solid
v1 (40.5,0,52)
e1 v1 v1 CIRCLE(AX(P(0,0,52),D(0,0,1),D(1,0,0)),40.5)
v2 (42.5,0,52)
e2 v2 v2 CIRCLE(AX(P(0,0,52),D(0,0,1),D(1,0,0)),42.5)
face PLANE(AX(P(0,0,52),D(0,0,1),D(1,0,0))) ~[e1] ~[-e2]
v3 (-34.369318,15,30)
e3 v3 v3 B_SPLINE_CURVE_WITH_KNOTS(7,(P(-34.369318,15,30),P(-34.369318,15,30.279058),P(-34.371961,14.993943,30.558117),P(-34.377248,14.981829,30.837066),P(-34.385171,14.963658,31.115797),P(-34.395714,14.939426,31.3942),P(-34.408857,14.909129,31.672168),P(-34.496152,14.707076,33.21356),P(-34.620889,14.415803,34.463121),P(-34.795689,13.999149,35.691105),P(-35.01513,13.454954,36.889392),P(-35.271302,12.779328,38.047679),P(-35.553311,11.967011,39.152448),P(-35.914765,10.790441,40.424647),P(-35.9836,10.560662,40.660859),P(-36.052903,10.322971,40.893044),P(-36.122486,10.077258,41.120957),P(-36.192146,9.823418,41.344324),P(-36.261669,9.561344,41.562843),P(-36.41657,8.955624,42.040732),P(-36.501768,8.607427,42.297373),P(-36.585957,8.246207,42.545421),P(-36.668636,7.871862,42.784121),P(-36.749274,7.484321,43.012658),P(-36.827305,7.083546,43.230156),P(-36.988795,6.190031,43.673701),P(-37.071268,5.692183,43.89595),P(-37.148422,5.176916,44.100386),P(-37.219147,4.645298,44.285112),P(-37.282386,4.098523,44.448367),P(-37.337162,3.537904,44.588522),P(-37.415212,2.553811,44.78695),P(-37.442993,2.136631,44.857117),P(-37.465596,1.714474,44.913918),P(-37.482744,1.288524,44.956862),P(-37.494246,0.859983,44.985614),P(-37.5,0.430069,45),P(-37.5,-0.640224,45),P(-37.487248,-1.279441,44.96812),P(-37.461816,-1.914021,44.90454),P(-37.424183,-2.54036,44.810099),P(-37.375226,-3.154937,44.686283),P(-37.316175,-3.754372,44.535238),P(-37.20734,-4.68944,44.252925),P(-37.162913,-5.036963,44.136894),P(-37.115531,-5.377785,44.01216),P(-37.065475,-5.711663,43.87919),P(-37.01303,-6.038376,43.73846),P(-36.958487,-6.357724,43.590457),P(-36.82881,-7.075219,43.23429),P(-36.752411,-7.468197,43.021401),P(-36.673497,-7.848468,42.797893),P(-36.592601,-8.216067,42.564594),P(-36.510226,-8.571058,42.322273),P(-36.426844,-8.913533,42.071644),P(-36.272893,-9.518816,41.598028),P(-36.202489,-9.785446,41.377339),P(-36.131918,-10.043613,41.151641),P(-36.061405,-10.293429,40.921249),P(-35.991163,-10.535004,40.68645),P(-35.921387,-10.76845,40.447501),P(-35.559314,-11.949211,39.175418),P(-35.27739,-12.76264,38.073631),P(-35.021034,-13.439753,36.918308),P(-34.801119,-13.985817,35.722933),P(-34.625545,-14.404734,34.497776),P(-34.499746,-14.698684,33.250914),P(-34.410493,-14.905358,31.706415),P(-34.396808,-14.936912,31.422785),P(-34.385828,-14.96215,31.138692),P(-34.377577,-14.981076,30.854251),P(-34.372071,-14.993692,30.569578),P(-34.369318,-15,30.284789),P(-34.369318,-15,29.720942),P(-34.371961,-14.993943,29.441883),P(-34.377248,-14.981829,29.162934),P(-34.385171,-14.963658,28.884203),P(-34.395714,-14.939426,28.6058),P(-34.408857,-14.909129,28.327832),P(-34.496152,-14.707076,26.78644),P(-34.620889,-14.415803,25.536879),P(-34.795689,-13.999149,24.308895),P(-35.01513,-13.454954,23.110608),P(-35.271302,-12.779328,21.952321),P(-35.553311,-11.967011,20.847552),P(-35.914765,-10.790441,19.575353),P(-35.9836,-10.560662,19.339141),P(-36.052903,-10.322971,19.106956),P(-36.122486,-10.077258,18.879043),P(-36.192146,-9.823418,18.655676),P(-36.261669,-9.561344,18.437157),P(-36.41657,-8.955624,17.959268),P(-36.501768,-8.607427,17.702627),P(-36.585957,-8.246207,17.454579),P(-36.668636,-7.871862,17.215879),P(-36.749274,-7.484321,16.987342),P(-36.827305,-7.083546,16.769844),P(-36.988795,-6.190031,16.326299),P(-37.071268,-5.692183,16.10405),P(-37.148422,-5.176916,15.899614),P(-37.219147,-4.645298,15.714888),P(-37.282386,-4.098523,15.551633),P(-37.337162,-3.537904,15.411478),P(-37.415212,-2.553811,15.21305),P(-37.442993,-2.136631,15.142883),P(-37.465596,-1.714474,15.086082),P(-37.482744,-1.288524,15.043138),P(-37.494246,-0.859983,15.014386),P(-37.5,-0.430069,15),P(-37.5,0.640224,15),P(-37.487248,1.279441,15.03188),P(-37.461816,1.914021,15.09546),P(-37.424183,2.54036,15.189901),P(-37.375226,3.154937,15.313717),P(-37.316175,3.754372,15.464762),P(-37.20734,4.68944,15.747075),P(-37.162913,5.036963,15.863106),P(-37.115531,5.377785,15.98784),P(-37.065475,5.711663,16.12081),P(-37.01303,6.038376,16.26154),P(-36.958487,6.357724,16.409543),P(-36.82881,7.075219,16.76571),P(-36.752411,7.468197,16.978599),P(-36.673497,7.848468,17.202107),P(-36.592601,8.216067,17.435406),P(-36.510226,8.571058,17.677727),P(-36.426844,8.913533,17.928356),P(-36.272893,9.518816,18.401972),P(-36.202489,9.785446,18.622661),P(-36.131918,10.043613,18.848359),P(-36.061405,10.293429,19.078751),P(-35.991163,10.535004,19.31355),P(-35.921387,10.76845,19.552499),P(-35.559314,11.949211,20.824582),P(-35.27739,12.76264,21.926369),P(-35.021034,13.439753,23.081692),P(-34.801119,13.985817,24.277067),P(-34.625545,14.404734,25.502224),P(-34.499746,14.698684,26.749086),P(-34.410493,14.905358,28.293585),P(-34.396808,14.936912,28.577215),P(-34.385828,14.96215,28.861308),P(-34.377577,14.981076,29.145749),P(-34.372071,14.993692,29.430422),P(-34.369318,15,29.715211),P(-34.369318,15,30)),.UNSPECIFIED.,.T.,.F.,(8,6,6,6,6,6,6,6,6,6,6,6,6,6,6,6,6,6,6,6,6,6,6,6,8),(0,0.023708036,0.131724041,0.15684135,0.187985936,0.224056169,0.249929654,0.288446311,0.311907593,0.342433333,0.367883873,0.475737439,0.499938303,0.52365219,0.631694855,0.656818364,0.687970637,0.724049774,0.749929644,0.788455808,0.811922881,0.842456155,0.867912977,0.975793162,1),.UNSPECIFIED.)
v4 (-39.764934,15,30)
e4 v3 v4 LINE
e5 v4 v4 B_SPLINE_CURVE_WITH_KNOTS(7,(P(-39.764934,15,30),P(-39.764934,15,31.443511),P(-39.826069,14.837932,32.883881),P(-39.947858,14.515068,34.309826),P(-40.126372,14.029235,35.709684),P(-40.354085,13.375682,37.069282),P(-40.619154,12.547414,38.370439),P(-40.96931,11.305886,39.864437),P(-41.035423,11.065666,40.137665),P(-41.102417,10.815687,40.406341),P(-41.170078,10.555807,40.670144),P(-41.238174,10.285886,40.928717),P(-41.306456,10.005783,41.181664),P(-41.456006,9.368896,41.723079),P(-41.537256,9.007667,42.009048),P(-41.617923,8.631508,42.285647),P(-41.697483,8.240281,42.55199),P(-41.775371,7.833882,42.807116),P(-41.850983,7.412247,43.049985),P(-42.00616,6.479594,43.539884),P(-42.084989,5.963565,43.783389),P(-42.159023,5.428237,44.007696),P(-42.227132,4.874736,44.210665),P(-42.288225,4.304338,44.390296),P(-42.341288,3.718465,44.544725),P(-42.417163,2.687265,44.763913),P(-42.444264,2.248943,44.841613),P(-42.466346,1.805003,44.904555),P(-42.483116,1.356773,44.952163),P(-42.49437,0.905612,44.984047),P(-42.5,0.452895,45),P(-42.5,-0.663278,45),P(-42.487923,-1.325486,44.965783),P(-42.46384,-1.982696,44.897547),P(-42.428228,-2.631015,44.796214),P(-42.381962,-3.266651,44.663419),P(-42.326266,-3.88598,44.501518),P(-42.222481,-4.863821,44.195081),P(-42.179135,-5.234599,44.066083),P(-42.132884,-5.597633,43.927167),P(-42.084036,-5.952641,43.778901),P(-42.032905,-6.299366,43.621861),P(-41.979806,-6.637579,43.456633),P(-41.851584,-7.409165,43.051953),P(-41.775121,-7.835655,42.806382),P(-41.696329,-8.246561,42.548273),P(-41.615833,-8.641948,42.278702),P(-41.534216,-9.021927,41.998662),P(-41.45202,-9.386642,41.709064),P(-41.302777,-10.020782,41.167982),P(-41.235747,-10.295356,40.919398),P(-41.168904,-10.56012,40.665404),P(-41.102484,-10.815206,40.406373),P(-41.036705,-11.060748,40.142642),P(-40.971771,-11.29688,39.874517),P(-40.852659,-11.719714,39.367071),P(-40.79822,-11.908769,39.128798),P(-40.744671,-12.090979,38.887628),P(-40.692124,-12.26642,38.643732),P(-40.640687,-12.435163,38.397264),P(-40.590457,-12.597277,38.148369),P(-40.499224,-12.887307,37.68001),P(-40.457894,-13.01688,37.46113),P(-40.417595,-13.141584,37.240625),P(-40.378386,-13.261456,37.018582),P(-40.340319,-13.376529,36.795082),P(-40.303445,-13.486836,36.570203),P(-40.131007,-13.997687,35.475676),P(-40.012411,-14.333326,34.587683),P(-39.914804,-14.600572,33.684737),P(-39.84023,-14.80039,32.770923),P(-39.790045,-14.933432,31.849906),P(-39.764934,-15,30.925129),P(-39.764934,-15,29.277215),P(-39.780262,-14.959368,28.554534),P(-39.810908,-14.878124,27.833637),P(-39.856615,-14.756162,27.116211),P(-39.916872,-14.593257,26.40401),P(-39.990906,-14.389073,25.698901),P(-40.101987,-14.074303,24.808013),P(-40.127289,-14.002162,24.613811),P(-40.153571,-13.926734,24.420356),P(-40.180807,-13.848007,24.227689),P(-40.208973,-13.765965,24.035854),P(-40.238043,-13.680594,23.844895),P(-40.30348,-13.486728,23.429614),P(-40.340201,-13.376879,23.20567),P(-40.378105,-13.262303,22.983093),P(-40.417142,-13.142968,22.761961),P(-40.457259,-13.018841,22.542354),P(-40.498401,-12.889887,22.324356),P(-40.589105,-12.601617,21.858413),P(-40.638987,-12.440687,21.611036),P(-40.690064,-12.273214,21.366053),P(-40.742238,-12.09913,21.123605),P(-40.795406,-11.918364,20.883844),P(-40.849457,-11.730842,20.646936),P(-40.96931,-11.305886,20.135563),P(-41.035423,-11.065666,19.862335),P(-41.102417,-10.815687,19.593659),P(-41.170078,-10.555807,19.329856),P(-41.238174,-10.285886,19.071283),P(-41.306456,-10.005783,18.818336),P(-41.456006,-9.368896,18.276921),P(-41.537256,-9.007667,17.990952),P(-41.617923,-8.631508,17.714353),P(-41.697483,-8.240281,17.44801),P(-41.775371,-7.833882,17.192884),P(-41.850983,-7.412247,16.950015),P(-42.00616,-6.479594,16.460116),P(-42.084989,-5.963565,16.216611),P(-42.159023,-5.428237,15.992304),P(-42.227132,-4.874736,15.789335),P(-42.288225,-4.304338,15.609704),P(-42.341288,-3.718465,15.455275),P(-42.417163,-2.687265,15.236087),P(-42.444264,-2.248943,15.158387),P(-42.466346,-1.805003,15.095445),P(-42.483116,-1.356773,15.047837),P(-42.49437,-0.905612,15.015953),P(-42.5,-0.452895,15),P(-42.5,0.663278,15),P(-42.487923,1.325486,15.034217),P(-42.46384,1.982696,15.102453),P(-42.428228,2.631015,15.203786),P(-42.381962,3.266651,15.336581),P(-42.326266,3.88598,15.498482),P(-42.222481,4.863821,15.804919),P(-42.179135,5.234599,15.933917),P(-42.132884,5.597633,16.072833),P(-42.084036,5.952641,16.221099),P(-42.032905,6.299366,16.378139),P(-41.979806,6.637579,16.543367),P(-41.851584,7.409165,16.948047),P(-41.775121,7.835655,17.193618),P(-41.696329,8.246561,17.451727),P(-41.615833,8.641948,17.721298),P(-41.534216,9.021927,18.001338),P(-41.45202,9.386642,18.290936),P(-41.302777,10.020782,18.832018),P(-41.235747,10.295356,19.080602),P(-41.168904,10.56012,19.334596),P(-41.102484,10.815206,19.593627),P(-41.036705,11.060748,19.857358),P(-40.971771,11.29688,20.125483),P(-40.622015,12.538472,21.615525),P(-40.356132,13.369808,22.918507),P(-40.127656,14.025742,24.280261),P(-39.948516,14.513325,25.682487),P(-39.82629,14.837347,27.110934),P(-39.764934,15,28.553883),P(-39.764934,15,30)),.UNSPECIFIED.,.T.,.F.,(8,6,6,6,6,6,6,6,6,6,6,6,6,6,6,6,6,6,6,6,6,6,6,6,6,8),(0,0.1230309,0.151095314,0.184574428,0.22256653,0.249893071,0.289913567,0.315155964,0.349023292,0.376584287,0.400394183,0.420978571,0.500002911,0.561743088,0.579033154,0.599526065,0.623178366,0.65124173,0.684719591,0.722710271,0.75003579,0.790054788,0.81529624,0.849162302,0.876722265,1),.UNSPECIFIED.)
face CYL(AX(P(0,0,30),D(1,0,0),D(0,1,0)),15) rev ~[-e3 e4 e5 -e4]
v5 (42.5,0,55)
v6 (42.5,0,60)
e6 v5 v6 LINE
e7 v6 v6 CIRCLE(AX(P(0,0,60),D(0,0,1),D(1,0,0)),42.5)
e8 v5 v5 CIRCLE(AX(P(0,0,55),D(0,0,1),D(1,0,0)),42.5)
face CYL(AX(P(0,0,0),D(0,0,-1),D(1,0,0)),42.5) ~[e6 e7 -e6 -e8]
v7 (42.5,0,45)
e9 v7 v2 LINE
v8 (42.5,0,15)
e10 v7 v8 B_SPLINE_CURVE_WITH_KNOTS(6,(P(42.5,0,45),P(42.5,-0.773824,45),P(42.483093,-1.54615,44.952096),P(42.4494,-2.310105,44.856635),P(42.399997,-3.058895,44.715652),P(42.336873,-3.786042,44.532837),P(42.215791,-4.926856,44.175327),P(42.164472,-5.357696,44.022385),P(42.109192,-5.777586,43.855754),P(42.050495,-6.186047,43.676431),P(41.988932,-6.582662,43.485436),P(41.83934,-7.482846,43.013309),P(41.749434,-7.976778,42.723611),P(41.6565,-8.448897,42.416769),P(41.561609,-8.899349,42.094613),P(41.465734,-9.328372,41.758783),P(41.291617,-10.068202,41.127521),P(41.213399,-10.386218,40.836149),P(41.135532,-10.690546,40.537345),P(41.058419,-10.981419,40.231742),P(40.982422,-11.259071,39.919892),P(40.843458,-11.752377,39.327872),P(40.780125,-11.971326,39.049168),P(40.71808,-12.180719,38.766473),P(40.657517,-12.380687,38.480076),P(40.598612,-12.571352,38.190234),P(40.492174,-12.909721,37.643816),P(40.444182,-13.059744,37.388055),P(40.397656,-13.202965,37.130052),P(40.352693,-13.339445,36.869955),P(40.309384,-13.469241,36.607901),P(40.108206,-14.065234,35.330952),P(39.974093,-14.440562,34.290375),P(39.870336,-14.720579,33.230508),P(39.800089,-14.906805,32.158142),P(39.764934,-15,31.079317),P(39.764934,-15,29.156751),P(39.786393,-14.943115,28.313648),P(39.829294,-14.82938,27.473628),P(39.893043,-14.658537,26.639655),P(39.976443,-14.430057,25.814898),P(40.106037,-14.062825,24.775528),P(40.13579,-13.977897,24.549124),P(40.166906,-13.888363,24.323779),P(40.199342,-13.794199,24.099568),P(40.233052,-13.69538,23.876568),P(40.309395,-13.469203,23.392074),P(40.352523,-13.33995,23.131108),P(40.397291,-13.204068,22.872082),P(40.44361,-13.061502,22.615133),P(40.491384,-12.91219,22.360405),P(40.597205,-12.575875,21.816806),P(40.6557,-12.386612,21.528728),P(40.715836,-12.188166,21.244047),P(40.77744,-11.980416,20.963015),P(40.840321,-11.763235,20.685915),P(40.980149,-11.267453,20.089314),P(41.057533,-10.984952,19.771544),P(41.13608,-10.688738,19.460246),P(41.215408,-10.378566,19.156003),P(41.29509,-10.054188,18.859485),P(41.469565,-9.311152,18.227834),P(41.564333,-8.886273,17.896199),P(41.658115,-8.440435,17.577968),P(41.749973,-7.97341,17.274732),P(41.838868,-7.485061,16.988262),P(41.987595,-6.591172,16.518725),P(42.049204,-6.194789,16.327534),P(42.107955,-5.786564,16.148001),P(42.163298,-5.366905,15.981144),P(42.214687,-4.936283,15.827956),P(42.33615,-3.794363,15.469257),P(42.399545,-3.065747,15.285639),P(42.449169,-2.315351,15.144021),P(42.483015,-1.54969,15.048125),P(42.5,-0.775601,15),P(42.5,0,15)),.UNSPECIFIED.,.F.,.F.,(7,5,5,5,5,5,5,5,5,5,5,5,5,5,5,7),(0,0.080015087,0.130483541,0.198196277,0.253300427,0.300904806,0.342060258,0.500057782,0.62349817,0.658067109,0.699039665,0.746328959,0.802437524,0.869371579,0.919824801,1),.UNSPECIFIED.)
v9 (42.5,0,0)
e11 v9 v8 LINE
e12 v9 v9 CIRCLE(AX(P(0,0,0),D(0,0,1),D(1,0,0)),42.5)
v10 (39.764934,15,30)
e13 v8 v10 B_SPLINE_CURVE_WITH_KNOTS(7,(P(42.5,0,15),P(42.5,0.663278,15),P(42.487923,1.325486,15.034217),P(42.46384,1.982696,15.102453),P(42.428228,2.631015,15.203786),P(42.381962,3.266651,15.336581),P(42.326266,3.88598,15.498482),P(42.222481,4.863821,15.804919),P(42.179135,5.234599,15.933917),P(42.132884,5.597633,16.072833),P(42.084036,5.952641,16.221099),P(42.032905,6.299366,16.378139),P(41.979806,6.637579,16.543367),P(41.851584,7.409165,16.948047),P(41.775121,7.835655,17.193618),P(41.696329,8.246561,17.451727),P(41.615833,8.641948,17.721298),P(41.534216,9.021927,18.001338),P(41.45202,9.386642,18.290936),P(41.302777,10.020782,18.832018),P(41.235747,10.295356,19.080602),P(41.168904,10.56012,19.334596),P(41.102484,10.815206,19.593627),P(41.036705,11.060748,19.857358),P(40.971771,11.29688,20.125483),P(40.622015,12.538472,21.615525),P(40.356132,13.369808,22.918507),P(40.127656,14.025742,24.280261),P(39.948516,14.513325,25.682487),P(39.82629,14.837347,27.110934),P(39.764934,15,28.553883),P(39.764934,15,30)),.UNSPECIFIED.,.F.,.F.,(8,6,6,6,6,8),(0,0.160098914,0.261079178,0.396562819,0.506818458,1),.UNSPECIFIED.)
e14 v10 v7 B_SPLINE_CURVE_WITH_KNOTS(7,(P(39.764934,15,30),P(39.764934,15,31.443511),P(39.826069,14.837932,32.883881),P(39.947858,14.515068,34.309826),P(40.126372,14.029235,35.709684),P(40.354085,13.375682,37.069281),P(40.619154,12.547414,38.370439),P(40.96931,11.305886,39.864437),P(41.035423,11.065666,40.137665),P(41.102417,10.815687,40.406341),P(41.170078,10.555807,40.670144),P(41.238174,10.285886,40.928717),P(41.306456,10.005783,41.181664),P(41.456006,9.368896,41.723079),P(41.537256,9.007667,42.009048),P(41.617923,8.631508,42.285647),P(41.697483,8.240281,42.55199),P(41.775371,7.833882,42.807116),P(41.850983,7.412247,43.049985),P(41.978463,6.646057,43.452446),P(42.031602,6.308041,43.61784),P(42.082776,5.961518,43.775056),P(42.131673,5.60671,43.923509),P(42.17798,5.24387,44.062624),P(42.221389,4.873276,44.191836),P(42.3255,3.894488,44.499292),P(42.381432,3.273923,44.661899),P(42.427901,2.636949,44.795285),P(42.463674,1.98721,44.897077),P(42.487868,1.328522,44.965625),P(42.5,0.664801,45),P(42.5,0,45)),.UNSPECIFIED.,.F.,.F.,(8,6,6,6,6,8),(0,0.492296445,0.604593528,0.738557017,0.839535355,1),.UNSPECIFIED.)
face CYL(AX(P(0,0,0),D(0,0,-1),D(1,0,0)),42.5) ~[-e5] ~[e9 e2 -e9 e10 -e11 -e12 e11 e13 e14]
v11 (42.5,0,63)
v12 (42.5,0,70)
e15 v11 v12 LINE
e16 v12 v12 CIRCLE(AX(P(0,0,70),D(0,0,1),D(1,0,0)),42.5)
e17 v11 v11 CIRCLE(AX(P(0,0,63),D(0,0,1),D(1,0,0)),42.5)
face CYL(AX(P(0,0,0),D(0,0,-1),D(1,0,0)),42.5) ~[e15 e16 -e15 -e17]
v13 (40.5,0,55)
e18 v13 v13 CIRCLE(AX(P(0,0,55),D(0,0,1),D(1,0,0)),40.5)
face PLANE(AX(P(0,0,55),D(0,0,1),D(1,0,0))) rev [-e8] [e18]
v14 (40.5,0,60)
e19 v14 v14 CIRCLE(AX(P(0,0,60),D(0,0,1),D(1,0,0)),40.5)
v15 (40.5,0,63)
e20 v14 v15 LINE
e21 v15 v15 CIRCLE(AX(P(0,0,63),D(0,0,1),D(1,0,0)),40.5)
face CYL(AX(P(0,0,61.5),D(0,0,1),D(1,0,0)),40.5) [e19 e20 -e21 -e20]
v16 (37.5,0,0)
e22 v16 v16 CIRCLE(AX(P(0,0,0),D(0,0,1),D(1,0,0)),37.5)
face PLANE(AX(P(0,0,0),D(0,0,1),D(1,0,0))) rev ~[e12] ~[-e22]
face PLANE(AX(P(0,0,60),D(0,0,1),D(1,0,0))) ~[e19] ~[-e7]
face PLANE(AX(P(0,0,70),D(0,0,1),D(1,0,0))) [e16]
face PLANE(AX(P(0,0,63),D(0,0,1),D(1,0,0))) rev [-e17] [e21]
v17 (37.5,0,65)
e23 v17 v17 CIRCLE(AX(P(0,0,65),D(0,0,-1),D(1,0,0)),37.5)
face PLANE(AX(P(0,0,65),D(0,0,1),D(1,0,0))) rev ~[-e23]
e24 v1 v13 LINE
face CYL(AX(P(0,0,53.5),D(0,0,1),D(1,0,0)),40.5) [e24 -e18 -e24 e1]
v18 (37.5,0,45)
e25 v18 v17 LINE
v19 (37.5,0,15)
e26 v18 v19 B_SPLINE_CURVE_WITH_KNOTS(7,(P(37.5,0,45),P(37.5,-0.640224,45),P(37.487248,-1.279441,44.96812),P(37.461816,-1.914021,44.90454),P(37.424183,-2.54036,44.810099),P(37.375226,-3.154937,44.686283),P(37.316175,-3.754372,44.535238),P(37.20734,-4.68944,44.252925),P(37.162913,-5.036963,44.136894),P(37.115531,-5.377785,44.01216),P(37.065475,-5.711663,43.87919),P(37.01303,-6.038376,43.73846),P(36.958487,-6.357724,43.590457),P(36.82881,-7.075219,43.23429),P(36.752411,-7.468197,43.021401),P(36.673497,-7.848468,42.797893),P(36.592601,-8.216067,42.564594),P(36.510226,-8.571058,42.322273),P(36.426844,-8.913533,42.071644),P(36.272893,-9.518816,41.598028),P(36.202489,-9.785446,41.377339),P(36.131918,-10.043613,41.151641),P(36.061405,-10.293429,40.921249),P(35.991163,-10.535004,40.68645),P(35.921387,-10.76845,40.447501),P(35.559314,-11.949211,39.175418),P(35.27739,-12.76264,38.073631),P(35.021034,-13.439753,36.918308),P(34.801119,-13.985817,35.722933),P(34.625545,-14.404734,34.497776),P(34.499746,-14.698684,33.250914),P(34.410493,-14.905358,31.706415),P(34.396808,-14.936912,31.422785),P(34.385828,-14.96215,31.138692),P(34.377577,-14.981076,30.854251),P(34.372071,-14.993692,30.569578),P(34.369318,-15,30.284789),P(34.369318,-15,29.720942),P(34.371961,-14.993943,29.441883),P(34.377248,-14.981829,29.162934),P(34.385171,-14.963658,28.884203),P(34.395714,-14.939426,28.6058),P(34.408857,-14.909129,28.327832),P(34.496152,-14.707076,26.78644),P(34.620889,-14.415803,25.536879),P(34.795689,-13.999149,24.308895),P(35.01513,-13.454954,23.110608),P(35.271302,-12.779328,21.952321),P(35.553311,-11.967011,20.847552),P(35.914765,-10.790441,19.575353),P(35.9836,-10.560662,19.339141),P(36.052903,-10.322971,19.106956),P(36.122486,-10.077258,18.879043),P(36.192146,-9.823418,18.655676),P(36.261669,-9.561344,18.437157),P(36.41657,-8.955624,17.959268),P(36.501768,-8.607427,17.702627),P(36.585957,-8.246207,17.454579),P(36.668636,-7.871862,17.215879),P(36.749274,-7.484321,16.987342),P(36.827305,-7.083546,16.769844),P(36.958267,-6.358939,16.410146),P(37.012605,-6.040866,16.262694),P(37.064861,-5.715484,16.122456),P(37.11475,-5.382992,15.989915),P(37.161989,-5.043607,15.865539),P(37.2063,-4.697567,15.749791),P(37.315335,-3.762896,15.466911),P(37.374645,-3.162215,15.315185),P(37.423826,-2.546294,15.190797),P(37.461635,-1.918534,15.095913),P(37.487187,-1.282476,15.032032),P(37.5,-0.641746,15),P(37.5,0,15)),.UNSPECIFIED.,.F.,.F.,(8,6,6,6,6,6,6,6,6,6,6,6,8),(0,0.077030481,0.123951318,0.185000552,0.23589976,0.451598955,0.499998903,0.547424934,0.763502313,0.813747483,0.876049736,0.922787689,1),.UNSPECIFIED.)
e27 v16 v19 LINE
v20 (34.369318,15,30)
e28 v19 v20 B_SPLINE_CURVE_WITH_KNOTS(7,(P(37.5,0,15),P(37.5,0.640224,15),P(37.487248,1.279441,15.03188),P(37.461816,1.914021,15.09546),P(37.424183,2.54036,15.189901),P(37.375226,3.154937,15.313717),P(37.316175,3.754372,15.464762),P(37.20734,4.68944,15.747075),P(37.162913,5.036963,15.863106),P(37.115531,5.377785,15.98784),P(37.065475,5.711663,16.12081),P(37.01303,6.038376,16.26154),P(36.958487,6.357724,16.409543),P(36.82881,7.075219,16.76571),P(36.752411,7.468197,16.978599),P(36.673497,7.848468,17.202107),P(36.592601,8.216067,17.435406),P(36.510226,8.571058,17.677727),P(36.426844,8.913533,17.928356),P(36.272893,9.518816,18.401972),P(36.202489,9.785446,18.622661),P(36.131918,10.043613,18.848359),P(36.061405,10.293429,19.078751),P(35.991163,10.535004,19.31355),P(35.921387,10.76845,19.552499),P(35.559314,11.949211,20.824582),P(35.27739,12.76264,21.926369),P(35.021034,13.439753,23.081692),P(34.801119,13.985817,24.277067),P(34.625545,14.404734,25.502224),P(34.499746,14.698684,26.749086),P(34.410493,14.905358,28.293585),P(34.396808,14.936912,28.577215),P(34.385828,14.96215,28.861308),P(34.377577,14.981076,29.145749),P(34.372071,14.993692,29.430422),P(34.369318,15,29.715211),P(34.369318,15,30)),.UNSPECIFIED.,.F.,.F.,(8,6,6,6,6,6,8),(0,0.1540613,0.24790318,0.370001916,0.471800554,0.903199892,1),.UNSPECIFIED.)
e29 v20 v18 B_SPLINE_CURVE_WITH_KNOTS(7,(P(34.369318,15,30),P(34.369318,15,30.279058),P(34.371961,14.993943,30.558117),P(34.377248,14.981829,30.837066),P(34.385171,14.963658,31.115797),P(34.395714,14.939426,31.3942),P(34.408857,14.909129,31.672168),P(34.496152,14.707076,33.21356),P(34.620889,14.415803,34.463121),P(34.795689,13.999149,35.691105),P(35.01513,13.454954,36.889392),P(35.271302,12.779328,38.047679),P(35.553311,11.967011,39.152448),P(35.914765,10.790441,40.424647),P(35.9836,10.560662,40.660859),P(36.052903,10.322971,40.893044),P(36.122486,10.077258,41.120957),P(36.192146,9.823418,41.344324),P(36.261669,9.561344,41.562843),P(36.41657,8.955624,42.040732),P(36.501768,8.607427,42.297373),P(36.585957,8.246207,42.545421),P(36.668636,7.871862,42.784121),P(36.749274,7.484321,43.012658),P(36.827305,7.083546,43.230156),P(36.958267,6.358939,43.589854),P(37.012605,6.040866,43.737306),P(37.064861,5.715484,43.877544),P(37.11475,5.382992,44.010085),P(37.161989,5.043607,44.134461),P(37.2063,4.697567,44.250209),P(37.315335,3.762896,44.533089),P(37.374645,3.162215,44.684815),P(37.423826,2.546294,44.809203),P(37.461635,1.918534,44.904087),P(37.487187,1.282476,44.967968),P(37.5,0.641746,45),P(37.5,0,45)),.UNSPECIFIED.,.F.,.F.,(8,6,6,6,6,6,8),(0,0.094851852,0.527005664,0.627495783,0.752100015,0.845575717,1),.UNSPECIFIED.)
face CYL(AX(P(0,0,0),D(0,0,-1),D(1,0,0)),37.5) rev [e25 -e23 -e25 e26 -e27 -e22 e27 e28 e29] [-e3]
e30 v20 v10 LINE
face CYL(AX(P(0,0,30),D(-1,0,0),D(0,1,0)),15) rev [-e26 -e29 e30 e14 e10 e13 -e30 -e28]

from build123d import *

# Parameters (mm, degrees)
SKETCH_R          = 42.5
PAD_DEPTH         = 70
THICKNESS_T       = -5
SKETCH001_R       = 15
POCKET_DEPTH      = 50
POCKET_DEPTH_BACK = -50
SKETCH002_W       = 2
SKETCH002_H       = 3


with BuildPart() as part:
    # Sketch → Pad (new body)
    with BuildSketch(Plane.XY):
        Circle(SKETCH_R)
    extrude(amount=PAD_DEPTH)

    # Thickness
    thickness_openings = [part.faces().sort_by_distance(p)[0] for p in [
        (0, 0, 0),
    ]]
    offset(amount=THICKNESS_T, openings=thickness_openings)

    # Sketch001 → Pocket (cut, two sides)
    with BuildSketch(Plane.YZ) as pocket_sk:
        with Locations((0, 30)):
            Circle(SKETCH001_R)
    extrude(amount=-POCKET_DEPTH, mode=Mode.SUBTRACT)
    extrude(pocket_sk.sketch, amount=-POCKET_DEPTH_BACK, mode=Mode.SUBTRACT)

    # Sketch002 → Groove (revolve, cut)
    with BuildSketch(Plane.XZ):
        with Locations((41.5, 61.5)):
            Rectangle(SKETCH002_W, SKETCH002_H)
        with Locations((41.5, 53.5)):
            Rectangle(SKETCH002_W, SKETCH002_H)
    revolve(axis=Axis((0, 0, 0), (0, 0, 1)), mode=Mode.SUBTRACT)


solid = part.part
